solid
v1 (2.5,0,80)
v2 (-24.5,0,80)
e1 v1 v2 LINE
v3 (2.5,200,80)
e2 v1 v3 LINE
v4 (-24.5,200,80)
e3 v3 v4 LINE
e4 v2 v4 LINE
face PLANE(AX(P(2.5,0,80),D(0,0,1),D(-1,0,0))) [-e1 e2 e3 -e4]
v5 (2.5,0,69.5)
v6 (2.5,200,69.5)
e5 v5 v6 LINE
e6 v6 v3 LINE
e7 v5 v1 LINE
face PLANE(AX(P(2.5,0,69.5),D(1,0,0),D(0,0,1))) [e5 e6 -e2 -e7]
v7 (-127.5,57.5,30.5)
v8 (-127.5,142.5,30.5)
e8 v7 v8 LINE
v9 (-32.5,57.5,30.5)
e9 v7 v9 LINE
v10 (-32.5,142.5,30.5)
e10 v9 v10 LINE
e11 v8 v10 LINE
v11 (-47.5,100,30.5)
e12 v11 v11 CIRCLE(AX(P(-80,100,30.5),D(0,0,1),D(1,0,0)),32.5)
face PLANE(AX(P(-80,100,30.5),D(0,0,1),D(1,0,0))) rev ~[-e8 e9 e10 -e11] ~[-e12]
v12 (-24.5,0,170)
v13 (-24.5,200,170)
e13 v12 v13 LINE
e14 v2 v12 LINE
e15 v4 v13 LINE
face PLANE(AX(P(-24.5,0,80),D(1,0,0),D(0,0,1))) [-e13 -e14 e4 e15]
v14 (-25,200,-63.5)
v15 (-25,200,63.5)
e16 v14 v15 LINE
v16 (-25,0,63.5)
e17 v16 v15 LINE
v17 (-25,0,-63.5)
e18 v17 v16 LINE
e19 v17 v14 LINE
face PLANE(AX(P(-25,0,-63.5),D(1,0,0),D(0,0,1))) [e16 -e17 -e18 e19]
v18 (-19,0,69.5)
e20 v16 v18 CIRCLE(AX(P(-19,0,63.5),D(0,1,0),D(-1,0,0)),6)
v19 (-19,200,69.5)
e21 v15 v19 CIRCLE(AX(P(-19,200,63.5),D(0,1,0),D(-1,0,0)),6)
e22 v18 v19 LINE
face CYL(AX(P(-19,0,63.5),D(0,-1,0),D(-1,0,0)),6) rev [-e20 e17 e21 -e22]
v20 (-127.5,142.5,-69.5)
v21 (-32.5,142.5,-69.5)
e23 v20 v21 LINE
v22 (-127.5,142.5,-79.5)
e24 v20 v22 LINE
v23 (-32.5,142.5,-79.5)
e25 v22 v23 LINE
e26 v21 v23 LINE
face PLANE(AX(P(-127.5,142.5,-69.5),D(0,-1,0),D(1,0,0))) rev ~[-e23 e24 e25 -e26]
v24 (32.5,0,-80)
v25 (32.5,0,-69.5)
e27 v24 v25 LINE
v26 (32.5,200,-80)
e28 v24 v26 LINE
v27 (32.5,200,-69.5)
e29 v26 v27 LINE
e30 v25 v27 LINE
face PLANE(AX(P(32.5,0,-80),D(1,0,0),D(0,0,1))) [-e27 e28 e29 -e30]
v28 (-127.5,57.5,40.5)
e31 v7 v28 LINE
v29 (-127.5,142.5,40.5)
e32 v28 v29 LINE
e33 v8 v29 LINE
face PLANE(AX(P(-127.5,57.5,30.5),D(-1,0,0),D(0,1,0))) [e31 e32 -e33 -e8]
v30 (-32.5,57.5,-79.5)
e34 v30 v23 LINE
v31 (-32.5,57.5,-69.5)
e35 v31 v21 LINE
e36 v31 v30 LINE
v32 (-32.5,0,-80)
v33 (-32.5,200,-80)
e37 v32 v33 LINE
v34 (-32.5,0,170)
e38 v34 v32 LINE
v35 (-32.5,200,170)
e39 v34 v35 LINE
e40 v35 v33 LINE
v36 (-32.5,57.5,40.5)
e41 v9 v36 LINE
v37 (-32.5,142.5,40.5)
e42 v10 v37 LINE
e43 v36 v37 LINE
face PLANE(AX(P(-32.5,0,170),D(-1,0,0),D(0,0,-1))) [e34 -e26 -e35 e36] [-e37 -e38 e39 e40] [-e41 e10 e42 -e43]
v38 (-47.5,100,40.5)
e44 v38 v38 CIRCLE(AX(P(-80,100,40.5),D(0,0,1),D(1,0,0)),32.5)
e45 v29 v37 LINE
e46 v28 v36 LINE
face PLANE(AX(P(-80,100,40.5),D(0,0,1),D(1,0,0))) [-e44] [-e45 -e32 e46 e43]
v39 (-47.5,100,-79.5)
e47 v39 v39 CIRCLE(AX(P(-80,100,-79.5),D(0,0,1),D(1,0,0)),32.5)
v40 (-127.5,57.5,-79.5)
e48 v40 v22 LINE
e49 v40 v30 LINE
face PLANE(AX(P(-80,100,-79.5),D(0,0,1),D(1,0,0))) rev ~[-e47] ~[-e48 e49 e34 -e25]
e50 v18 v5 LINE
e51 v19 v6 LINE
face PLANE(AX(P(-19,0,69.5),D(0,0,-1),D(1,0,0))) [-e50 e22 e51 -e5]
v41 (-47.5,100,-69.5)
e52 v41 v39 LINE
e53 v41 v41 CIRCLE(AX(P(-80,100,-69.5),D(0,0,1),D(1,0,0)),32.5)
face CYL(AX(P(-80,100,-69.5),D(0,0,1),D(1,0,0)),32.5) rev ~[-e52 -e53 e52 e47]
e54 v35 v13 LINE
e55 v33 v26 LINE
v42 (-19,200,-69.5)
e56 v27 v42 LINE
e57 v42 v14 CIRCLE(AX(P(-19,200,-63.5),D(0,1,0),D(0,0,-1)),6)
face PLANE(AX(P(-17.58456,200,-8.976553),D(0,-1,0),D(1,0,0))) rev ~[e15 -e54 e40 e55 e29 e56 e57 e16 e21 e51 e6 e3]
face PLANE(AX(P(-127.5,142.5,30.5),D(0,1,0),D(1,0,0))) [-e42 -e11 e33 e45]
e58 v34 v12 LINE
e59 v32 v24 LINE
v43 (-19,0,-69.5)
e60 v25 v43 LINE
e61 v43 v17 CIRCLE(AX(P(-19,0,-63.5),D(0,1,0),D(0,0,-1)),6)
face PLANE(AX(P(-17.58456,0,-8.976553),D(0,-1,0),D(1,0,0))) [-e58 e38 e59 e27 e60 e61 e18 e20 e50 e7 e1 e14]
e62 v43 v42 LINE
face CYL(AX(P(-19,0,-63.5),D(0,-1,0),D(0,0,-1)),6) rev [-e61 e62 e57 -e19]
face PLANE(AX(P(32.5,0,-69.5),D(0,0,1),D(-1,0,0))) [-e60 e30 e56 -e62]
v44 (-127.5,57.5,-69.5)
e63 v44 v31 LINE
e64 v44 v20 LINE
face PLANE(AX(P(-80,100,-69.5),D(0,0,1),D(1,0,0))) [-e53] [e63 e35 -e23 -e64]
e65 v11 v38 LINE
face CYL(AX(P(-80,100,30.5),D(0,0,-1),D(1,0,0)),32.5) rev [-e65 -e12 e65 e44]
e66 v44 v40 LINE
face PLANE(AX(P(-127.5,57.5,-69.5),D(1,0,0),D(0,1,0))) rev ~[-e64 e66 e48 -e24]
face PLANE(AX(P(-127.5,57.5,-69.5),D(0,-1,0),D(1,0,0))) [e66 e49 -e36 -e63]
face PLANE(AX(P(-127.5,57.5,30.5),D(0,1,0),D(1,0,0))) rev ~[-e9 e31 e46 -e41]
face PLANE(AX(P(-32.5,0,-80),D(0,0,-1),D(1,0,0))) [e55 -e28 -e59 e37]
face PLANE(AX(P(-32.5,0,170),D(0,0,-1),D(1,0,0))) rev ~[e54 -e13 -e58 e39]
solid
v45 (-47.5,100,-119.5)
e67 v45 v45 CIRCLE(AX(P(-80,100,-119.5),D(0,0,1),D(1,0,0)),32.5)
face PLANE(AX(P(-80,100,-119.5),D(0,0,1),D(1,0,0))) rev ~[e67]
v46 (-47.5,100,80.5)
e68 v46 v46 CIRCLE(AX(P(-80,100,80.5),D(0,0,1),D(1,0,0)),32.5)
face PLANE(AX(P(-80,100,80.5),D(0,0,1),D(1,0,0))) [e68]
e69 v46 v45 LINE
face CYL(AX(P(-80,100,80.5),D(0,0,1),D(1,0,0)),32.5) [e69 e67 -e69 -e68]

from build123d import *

# Parameters (mm, degrees)
F0_W      = 8
F0_H      = 90
F1_DEPTH  = 200
F3_W      = 95
F3_H      = 85
F3_R      = 32.5
F4_DEPTH  = 10
F6_W      = 95
F6_H      = 85
F6_R      = 32.5
F7_DEPTH  = 10
F9_R      = 32.5
F10_DEPTH = 200


with BuildPart() as f1:
    # F0 (on Front) → F1 (new body)
    with BuildSketch(Plane.XZ):
        with BuildLine():
            Line((2.5, 69.5), (2.5, 80))
            Line((2.5, 80), (-24.5, 80))
            Line((-24.5, 80), (-32.5, 80))
            Line((-32.5, 80), (-32.5, -80))
            Line((-32.5, -80), (32.5, -80))
            Line((32.5, -80), (32.5, -69.5))
            Line((32.5, -69.5), (-19, -69.5))
            ThreePointArc((-19, -69.5), (-23.2426406871, -67.7426406871), (-25, -63.5))
            Line((-25, -63.5), (-25, 63.5))
            ThreePointArc((-25, 63.5), (-23.2426406871, 67.7426406871), (-19, 69.5))
            Line((-19, 69.5), (2.5, 69.5))
        make_face()
        with Locations((-28.5, 125)):
            Rectangle(F0_W, F0_H)
    extrude(amount=-F1_DEPTH)

    # F3 (on offset) → F4 (join)
    with BuildSketch(Plane.XY.offset(-69.5)):
        with Locations((-80, 100)):
            Rectangle(F3_W, F3_H)
        with Locations((-80, 100)):
            Circle(F3_R, mode=Mode.SUBTRACT)
    extrude(amount=-F4_DEPTH)

    # F6 (on offset) → F7 (join)
    with BuildSketch(Plane.XY.offset(30.5)):
        with Locations((-80, 100)):
            Rectangle(F6_W, F6_H)
        with Locations((-80, 100)):
            Circle(F6_R, mode=Mode.SUBTRACT)
    extrude(amount=F7_DEPTH)


with BuildPart() as f10:
    # F9 (on offset) → F10 (new body)
    with BuildSketch(Plane.XY.offset(80.5)):
        with Locations((-80, 100)):
            Circle(F9_R)
    extrude(amount=-F10_DEPTH)


solid = Compound([f1.part, f10.part])
